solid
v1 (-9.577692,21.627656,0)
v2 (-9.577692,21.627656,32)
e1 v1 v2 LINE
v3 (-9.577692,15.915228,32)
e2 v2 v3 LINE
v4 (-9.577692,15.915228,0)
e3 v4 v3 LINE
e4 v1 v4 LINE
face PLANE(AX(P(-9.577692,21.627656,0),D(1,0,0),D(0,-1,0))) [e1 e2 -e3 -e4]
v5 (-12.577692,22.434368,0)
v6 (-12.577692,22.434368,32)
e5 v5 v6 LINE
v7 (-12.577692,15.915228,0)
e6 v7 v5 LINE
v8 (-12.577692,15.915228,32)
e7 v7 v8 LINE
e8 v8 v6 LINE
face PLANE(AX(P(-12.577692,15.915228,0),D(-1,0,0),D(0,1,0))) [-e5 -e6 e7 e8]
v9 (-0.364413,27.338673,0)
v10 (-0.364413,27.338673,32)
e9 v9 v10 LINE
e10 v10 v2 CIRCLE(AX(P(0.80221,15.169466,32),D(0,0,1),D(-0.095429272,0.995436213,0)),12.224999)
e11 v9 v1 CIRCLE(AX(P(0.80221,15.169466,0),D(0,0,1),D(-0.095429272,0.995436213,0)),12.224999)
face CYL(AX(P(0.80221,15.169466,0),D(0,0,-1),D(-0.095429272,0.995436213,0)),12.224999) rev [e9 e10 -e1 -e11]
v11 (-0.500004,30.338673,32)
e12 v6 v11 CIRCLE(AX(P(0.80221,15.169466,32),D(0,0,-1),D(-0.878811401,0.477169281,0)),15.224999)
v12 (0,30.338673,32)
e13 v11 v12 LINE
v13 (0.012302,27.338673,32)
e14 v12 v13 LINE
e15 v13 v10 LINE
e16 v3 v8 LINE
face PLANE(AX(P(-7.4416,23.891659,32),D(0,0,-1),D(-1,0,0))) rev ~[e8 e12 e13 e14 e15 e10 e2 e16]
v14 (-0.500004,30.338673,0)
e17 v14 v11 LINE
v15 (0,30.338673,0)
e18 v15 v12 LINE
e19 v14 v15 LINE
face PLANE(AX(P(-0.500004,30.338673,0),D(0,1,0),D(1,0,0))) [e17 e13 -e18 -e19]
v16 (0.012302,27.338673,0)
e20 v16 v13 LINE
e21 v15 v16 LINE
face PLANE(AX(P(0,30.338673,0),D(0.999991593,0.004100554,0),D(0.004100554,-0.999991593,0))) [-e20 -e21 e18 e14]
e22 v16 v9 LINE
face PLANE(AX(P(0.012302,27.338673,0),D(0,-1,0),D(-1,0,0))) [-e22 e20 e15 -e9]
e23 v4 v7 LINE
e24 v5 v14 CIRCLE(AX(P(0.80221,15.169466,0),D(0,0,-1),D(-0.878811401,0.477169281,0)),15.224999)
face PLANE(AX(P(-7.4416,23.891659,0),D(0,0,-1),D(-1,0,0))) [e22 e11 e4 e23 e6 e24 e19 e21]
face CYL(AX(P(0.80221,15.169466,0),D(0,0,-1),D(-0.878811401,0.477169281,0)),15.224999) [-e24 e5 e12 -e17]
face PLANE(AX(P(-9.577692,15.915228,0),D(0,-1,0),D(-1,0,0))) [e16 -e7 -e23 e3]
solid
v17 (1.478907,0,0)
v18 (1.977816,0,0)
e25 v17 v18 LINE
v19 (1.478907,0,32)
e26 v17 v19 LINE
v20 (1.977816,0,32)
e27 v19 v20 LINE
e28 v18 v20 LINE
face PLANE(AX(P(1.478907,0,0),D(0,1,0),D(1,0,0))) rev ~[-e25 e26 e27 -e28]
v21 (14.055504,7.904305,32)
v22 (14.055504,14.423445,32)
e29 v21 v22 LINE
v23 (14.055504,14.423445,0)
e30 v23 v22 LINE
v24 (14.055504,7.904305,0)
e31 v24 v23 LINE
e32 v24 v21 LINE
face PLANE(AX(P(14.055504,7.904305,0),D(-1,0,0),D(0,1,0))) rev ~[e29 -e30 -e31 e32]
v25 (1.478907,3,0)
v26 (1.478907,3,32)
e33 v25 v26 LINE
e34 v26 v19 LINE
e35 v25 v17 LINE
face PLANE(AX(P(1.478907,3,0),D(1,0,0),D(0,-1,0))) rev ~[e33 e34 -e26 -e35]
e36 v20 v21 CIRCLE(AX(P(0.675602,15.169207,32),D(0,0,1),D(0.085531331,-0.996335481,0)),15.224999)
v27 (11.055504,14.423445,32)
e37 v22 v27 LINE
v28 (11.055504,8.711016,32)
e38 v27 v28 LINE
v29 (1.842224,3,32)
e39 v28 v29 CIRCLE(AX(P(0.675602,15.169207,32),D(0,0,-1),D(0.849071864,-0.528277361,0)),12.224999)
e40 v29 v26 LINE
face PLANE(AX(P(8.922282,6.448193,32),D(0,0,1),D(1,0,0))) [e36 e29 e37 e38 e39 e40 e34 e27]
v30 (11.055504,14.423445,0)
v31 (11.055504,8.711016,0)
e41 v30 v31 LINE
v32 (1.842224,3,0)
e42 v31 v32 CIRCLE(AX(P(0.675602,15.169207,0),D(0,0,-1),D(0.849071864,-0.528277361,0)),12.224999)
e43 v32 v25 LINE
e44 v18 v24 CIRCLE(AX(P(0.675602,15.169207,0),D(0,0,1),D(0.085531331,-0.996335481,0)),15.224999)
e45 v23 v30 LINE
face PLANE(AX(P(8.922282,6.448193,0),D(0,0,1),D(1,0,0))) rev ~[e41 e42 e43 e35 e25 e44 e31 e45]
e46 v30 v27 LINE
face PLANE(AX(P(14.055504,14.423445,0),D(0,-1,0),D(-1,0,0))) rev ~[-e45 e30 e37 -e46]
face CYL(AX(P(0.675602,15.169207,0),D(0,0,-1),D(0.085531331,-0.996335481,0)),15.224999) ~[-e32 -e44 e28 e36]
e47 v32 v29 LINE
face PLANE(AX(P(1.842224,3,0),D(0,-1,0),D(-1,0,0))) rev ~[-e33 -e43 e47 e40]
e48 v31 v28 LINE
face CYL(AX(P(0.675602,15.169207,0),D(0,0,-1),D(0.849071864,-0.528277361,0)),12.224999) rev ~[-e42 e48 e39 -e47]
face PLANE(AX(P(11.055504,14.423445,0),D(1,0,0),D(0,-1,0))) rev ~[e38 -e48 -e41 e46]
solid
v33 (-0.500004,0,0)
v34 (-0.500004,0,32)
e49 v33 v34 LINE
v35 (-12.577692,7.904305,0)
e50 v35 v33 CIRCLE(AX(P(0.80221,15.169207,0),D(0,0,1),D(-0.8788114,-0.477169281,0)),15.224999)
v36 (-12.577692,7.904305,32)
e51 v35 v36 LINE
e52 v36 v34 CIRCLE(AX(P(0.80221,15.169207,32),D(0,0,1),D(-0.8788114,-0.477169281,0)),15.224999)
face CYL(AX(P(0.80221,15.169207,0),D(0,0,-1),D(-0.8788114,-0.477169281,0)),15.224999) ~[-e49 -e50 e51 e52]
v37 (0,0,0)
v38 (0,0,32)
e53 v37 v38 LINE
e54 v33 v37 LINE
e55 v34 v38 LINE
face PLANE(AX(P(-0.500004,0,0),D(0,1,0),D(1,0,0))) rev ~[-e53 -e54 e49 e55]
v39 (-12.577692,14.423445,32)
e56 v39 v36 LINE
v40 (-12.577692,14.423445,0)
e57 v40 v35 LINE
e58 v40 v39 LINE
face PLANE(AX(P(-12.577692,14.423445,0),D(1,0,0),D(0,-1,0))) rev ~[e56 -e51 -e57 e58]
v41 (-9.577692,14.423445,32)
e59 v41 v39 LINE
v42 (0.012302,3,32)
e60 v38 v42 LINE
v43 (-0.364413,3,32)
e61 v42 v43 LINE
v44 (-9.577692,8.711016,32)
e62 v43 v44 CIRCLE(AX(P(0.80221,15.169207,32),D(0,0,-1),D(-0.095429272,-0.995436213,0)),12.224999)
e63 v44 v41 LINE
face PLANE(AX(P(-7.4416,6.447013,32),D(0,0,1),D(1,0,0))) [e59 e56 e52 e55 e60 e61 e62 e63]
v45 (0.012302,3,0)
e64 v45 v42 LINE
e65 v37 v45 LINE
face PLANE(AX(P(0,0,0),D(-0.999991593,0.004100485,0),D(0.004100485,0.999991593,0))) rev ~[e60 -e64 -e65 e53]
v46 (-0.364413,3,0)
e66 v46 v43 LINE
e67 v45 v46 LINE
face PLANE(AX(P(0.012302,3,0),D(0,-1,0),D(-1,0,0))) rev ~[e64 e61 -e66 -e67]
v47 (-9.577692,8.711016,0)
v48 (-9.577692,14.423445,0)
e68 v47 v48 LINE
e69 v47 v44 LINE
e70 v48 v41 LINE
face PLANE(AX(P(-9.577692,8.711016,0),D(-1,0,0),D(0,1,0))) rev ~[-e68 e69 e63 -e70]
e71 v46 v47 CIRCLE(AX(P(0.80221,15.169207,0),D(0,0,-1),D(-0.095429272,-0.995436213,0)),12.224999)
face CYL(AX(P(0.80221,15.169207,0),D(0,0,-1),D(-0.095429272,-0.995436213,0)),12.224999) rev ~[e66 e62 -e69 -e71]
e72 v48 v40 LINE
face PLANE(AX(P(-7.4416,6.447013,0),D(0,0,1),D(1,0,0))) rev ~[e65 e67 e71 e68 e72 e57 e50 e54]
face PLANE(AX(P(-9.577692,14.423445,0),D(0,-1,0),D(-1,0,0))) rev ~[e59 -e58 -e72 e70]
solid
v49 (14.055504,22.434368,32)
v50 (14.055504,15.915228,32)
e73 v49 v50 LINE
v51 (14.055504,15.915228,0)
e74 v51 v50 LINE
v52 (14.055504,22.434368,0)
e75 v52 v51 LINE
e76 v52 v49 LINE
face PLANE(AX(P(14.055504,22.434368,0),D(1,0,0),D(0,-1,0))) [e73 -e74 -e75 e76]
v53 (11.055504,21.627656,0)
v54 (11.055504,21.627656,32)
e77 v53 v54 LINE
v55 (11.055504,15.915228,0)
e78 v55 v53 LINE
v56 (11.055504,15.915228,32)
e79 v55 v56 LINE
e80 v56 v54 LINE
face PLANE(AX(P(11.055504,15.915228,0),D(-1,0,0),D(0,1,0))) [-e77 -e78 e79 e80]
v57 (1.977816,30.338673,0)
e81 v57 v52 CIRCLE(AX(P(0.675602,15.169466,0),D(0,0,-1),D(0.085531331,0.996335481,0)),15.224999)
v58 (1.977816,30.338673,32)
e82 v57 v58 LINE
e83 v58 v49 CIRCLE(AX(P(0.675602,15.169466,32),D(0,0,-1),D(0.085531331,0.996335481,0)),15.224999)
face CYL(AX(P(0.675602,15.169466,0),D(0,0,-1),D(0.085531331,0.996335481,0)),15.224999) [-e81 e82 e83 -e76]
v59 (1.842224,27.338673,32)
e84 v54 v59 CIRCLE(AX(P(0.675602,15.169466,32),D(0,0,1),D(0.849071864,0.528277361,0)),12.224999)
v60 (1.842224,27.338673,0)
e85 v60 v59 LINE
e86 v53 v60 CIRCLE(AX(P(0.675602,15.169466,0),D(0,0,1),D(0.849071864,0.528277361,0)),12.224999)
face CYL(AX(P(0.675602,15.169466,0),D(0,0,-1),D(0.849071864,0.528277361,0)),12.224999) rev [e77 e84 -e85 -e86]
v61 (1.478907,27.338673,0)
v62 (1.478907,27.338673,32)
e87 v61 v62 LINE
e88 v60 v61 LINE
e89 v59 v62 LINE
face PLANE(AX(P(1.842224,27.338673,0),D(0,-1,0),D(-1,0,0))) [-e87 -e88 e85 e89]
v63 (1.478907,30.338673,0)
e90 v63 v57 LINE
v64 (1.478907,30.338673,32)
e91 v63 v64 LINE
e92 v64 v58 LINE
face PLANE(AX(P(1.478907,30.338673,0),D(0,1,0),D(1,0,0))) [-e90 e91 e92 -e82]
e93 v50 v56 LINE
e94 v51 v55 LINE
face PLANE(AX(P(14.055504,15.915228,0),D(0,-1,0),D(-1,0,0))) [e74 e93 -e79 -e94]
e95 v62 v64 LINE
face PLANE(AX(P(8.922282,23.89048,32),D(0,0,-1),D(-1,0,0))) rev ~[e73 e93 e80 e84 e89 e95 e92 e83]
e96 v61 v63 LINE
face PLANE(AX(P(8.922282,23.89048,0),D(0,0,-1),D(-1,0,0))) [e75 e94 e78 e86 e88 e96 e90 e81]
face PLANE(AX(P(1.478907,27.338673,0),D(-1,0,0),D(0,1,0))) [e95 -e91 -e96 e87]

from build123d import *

# Parameters (mm, degrees)
BOSS_EXTRUDE1_DEPTH   = 32
BOSS_EXTRUDE1_2_DEPTH = 32
BOSS_EXTRUDE1_3_DEPTH = 32
BOSS_EXTRUDE1_4_DEPTH = 32


with BuildPart() as part:
    # Sketch1 → Boss-Extrude1 (new body)
    with BuildSketch(Plane.XY):
        with BuildLine():
            Line((11.055504192, 15.915227729), (11.055504192, 21.627656226))
            ThreePointArc((11.055504192, 21.627656226), (7.11644699, 25.56014018), (1.842224397, 27.338672642))
            Line((1.842224397, 27.338672642), (1.478906991, 27.338672642))
            Line((1.478906991, 27.338672642), (1.478906991, 30.338672642))
            Line((1.478906991, 30.338672642), (1.977816066, 30.338672642))
            ThreePointArc((1.977816066, 30.338672642), (9.01290626, 27.908773043), (14.055504192, 22.43436785))
            Line((14.055504192, 22.43436785), (14.055504192, 15.915227729))
            Line((14.055504192, 15.915227729), (11.055504192, 15.915227729))
        make_face()
    extrude(amount=BOSS_EXTRUDE1_DEPTH)


with BuildPart() as body_2:
    # Sketch1 → Boss-Extrude1 2 (new body)
    with BuildSketch(Plane.XY):
        with BuildLine():
            Line((0, 0), (0.012301558, 3))
            Line((0.012301558, 3), (-0.364412535, 3))
            ThreePointArc((-0.364412535, 3), (-5.638635128, 4.778532462), (-9.57769233, 8.711016416))
            Line((-9.57769233, 8.711016416), (-9.57769233, 14.423444914))
            Line((-9.57769233, 14.423444914), (-12.57769233, 14.423444914))
            Line((-12.57769233, 14.423444914), (-12.57769233, 7.904304792))
            ThreePointArc((-12.57769233, 7.904304792), (-7.535094399, 2.4298996), (-0.500004204, 0))
            Line((-0.500004204, 0), (0, 0))
        make_face()
    extrude(amount=BOSS_EXTRUDE1_2_DEPTH)


with BuildPart() as body_3:
    # Sketch1 → Boss-Extrude1 3 (new body)
    with BuildSketch(Plane.XY):
        with BuildLine():
            Line((0, 30.338672642), (0.012301765, 27.338672642))
            Line((0.012301765, 27.338672642), (-0.364412535, 27.338672642))
            ThreePointArc((-0.364412535, 27.338672642), (-5.638635128, 25.56014018), (-9.57769233, 21.627656226))
            Line((-9.57769233, 21.627656226), (-9.57769233, 15.915227729))
            Line((-9.57769233, 15.915227729), (-12.57769233, 15.915227729))
            Line((-12.57769233, 15.915227729), (-12.57769233, 22.43436785))
            ThreePointArc((-12.57769233, 22.43436785), (-7.535094399, 27.908773043), (-0.500004204, 30.338672642))
            Line((-0.500004204, 30.338672642), (0, 30.338672642))
        make_face()
    extrude(amount=BOSS_EXTRUDE1_3_DEPTH)


with BuildPart() as body_4:
    # Sketch1 → Boss-Extrude1 4 (new body)
    with BuildSketch(Plane.XY):
        with BuildLine():
            Line((14.055504192, 7.904304792), (14.055504192, 14.423444914))
            Line((14.055504192, 14.423444914), (11.055504192, 14.423444914))
            Line((11.055504192, 14.423444914), (11.055504192, 8.711016416))
            ThreePointArc((11.055504192, 8.711016416), (7.11644699, 4.778532462), (1.842224397, 3))
            Line((1.842224397, 3), (1.478906991, 3))
            Line((1.478906991, 3), (1.478906991, 0))
            Line((1.478906991, 0), (1.977816066, 0))
            ThreePointArc((1.977816066, 0), (9.01290626, 2.4298996), (14.055504192, 7.904304792))
        make_face()
    extrude(amount=BOSS_EXTRUDE1_4_DEPTH)


solid = Compound([part.part, body_2.part, body_3.part, body_4.part])
